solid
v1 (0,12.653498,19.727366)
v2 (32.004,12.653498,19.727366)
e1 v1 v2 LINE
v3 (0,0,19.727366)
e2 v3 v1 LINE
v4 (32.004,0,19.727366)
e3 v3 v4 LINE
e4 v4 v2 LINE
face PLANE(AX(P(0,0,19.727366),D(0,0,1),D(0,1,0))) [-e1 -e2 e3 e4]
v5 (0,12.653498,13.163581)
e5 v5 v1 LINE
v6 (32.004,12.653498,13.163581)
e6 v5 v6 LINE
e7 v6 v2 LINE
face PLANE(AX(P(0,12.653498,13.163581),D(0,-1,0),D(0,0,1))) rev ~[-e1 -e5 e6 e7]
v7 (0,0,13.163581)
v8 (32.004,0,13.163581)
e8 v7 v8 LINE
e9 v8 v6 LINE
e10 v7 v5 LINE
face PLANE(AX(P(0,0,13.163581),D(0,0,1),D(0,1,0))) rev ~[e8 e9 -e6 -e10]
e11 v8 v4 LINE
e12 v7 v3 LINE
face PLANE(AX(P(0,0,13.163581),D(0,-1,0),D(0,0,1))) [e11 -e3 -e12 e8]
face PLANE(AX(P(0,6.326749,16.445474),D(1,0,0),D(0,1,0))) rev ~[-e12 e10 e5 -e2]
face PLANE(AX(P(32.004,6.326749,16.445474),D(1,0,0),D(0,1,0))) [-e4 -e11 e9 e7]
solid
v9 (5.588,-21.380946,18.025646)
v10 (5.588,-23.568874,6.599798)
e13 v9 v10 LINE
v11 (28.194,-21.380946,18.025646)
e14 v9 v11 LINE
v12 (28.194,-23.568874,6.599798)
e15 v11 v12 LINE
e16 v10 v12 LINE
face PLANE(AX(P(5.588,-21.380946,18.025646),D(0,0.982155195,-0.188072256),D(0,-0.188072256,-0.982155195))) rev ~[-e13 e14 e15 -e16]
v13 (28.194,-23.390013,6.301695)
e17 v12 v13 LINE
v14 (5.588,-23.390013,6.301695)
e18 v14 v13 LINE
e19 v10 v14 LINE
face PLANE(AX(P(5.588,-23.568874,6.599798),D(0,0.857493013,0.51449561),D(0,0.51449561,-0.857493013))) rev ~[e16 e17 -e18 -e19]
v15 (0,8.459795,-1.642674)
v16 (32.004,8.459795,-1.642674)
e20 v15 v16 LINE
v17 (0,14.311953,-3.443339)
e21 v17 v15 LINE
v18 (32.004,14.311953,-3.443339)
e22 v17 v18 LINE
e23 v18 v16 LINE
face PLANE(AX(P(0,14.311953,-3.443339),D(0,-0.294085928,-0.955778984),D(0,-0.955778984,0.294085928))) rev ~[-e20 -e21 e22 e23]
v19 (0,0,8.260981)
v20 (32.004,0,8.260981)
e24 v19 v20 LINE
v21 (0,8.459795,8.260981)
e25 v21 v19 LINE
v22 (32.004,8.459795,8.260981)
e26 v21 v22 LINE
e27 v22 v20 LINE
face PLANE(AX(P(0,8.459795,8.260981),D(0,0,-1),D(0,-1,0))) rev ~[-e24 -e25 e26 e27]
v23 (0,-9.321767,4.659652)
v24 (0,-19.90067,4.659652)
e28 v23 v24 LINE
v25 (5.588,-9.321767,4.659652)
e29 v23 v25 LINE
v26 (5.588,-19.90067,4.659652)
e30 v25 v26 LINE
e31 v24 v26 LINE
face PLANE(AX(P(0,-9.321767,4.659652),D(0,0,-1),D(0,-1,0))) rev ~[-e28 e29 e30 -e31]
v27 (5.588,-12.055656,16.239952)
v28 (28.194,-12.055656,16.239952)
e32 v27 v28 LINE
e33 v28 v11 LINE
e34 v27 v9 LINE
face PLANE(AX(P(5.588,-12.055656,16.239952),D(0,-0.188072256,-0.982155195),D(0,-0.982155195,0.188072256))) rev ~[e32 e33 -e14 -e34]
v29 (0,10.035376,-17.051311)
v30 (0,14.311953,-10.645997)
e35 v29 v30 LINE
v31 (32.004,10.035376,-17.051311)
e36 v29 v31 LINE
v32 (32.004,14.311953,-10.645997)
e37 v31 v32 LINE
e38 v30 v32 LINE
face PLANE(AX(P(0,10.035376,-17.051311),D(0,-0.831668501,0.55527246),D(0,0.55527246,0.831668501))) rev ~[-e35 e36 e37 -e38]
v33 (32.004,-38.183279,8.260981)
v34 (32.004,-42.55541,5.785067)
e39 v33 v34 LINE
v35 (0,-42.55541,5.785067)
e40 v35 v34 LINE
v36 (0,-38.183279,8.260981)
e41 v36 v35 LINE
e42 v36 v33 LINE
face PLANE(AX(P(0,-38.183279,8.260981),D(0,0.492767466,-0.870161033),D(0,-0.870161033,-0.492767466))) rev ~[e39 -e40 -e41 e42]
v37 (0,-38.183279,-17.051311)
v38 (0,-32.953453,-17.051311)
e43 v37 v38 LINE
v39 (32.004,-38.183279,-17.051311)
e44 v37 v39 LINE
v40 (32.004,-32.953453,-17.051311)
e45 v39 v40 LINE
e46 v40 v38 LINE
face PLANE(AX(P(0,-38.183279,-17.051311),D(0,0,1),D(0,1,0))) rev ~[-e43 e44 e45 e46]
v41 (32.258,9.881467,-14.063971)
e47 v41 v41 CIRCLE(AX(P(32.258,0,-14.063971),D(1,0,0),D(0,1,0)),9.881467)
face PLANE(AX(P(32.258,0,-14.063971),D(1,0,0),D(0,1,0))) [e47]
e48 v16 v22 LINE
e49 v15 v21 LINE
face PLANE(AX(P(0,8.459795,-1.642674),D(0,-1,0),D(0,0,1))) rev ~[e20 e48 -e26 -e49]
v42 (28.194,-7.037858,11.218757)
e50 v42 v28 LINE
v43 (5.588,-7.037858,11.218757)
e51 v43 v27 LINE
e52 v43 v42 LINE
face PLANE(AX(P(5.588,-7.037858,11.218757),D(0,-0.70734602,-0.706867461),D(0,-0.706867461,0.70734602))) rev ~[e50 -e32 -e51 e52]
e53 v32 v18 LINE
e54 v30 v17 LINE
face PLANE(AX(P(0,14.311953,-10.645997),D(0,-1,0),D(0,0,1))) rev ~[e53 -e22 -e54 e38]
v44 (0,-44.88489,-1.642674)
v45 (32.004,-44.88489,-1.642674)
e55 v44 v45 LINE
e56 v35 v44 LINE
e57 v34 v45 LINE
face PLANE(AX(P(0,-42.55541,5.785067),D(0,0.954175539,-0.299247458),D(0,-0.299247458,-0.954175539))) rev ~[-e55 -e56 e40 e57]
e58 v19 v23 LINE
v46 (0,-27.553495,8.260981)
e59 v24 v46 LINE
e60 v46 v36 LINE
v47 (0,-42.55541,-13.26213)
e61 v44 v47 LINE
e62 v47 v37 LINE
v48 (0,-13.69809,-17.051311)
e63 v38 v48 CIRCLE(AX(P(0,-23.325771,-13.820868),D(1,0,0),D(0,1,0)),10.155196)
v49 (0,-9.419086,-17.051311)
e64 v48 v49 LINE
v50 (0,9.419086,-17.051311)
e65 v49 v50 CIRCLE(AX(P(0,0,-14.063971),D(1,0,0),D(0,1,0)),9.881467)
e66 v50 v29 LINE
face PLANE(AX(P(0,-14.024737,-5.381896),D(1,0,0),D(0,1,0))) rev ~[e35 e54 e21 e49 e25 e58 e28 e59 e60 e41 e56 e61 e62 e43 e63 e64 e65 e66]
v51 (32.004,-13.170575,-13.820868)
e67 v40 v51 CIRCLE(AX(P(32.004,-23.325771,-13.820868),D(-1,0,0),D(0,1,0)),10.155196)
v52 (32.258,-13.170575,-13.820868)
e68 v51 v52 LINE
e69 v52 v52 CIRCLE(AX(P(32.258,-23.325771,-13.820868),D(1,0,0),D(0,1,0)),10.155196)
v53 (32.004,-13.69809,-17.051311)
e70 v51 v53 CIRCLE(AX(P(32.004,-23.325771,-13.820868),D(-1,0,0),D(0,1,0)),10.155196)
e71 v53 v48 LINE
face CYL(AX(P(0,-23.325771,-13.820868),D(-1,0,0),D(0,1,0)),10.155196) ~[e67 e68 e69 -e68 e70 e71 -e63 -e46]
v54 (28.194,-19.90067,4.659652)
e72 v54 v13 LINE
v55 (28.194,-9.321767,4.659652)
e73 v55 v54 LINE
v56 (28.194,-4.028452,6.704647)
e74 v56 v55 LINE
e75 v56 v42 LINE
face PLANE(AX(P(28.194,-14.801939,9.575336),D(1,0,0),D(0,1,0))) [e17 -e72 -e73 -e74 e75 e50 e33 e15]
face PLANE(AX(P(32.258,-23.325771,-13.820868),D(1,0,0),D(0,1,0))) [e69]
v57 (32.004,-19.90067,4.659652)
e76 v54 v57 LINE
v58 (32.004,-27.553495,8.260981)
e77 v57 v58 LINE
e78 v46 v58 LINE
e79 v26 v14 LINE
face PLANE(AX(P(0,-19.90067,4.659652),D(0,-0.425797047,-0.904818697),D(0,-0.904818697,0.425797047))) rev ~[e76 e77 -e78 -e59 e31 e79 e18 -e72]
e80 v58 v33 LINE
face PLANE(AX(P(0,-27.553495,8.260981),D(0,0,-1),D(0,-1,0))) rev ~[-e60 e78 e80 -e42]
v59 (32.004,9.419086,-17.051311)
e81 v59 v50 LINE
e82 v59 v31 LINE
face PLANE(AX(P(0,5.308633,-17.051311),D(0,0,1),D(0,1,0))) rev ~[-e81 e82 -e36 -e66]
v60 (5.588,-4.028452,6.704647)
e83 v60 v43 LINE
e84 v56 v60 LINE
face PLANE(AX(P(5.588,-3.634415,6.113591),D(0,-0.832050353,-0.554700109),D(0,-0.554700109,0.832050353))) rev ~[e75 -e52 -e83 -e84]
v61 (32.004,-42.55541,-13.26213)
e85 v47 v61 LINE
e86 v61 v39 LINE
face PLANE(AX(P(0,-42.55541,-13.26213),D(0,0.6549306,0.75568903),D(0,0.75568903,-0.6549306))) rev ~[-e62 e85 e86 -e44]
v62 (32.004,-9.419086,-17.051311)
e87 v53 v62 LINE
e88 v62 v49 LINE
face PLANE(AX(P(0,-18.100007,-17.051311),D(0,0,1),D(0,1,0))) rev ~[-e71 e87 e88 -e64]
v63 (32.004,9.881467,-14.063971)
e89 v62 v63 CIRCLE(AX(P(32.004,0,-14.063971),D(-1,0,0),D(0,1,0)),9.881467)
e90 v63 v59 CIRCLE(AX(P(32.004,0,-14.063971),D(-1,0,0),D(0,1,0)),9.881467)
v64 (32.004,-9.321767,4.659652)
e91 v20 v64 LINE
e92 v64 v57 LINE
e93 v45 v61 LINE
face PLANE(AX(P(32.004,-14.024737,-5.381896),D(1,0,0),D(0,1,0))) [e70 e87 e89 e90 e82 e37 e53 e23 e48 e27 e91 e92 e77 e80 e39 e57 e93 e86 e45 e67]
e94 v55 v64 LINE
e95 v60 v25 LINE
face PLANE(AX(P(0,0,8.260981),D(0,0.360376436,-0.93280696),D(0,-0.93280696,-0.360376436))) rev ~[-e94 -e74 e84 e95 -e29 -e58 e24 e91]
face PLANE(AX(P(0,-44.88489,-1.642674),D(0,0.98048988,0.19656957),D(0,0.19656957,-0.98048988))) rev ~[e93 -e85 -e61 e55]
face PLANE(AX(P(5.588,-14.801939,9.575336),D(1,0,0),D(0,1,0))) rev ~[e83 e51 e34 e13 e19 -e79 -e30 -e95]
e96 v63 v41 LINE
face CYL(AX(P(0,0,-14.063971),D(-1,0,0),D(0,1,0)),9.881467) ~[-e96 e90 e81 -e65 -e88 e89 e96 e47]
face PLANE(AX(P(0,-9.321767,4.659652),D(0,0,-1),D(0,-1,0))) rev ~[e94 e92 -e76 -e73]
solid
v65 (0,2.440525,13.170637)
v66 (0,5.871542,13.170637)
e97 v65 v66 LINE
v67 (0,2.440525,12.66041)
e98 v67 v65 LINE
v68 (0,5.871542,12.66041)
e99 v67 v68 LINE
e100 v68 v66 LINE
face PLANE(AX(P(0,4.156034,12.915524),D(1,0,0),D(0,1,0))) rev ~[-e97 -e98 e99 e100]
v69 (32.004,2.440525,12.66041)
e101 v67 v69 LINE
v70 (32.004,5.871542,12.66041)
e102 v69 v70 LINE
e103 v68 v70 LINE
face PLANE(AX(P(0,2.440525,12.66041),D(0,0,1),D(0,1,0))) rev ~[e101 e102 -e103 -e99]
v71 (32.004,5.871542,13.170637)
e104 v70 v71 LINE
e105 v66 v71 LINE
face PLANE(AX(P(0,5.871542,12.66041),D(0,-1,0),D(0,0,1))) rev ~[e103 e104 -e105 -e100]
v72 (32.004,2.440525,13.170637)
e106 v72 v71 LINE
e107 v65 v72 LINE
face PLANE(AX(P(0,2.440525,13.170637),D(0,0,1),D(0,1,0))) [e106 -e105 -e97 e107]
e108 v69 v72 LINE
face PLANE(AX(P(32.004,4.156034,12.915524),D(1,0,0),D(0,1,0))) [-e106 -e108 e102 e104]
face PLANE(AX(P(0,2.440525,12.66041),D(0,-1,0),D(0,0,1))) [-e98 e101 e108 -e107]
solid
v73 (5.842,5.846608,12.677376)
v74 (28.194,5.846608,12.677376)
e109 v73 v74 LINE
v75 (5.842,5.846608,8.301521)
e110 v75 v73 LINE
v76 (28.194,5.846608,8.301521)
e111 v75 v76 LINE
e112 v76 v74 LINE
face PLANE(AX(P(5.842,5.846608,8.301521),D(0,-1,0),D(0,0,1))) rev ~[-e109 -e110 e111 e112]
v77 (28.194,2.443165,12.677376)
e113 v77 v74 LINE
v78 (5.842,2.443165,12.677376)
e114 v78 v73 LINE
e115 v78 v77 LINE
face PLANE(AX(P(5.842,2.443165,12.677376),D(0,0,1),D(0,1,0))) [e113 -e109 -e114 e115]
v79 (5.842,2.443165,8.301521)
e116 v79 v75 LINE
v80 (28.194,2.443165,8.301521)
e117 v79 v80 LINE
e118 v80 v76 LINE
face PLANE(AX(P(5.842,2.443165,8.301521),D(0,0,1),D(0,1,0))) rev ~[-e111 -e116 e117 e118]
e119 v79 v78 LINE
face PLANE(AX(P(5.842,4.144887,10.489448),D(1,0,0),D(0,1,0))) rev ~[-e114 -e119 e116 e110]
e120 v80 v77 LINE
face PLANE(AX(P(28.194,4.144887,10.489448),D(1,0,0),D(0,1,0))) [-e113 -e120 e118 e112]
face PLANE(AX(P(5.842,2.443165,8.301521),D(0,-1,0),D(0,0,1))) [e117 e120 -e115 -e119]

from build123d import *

# Parameters (mm, degrees)
F1_DEPTH  = 32.004
F3_START  = 5.588
F3_DEPTH  = 22.606
F5_START  = 5.842
F4_W      = 3.4034436103
F4_H      = 4.3758554384
F5_DEPTH  = 22.352
F6_W      = 12.653497979
F6_H      = 6.5637845546
F7_DEPTH  = 32.004
F8_R      = 10.1551964282
F8_R_2    = 9.881466812
F9_DEPTH  = 32.258
F10_W     = 3.4310170449
F10_H     = 0.5102269351
F11_DEPTH = 32.004


with BuildPart() as f1:
    # F0 (on Right) → F1 (new body)
    with BuildSketch(Plane.YZ):
        Polygon((-38.1832793355, -17.0513112098), (-30.604917556, -17.0513112098), (-27.5534950197, -17.0513112098), (-27.5534950197, -10.6459967792), (-23.5019996762, -7.4948342517), (-18.1000065058, -10.6459967792), (-18.1000065058, -17.0513112098), (-3.0503056051, -17.0513112098), (-3.0503056051, -9.3450688), (0, -5.919252988), (5.3086332045, -10.6459967792), (5.3086332045, -17.0513112098), (10.0353760645, -17.0513112098), (14.3119534478, -10.6459967792), (14.3119534478, -3.4433389083), (8.4597952664, -1.6426743241), (8.4597952664, 8.2609811798), (0, 8.2609811798), (-9.3217669055, 4.6596517786), (-19.9006702751, 4.6596517786), (-27.5534950197, 8.2609811798), (-38.1832793355, 8.2609811798), (-42.5554104149, 5.7850671001), (-44.8848903179, -1.6426743241), (-42.5554104149, -13.2621303201), align=None)
    extrude(amount=F1_DEPTH)

    # F2 (on Right) → F3 (join)
    with BuildSketch(Plane.YZ.offset(F3_START)):
        Polygon((-21.3809460402, 18.0256459862), (-23.568874225, 6.5997978672), (-21.3809460402, 2.9532494955), (-12.055656352, 2.9532494955), (-3.6344151013, 6.1135911383), (-7.0378584787, 11.2187573686), (-12.055656352, 16.2399523617), align=None)
    extrude(amount=F3_DEPTH)

    # F8 (on Right) → F9 (join)
    with BuildSketch(Plane.YZ):
        with Locations((-23.3257710934, -13.8208679855)):
            Circle(F8_R)
        with Locations((0, -14.0639711171)):
            Circle(F8_R_2)
    extrude(amount=F9_DEPTH)


with BuildPart() as f5:
    # F4 (on Right) → F5 (new body)
    with BuildSketch(Plane.YZ.offset(F5_START)):
        with Locations((4.144886625, 10.4894484393)):
            Rectangle(F4_W, F4_H)
    extrude(amount=F5_DEPTH)


with BuildPart() as f7:
    # F6 (on Right) → F7 (new body)
    with BuildSketch(Plane.YZ):
        with Locations((6.3267489895, 16.4454737678)):
            Rectangle(F6_W, F6_H)
    extrude(amount=F7_DEPTH)


with BuildPart() as f11:
    # F10 (on Right) → F11 (new body)
    with BuildSketch(Plane.YZ):
        with Locations((4.1560337413, 12.9155237228)):
            Rectangle(F10_W, F10_H)
    extrude(amount=F11_DEPTH)


solid = Compound([f1.part, f5.part, f7.part, f11.part])
